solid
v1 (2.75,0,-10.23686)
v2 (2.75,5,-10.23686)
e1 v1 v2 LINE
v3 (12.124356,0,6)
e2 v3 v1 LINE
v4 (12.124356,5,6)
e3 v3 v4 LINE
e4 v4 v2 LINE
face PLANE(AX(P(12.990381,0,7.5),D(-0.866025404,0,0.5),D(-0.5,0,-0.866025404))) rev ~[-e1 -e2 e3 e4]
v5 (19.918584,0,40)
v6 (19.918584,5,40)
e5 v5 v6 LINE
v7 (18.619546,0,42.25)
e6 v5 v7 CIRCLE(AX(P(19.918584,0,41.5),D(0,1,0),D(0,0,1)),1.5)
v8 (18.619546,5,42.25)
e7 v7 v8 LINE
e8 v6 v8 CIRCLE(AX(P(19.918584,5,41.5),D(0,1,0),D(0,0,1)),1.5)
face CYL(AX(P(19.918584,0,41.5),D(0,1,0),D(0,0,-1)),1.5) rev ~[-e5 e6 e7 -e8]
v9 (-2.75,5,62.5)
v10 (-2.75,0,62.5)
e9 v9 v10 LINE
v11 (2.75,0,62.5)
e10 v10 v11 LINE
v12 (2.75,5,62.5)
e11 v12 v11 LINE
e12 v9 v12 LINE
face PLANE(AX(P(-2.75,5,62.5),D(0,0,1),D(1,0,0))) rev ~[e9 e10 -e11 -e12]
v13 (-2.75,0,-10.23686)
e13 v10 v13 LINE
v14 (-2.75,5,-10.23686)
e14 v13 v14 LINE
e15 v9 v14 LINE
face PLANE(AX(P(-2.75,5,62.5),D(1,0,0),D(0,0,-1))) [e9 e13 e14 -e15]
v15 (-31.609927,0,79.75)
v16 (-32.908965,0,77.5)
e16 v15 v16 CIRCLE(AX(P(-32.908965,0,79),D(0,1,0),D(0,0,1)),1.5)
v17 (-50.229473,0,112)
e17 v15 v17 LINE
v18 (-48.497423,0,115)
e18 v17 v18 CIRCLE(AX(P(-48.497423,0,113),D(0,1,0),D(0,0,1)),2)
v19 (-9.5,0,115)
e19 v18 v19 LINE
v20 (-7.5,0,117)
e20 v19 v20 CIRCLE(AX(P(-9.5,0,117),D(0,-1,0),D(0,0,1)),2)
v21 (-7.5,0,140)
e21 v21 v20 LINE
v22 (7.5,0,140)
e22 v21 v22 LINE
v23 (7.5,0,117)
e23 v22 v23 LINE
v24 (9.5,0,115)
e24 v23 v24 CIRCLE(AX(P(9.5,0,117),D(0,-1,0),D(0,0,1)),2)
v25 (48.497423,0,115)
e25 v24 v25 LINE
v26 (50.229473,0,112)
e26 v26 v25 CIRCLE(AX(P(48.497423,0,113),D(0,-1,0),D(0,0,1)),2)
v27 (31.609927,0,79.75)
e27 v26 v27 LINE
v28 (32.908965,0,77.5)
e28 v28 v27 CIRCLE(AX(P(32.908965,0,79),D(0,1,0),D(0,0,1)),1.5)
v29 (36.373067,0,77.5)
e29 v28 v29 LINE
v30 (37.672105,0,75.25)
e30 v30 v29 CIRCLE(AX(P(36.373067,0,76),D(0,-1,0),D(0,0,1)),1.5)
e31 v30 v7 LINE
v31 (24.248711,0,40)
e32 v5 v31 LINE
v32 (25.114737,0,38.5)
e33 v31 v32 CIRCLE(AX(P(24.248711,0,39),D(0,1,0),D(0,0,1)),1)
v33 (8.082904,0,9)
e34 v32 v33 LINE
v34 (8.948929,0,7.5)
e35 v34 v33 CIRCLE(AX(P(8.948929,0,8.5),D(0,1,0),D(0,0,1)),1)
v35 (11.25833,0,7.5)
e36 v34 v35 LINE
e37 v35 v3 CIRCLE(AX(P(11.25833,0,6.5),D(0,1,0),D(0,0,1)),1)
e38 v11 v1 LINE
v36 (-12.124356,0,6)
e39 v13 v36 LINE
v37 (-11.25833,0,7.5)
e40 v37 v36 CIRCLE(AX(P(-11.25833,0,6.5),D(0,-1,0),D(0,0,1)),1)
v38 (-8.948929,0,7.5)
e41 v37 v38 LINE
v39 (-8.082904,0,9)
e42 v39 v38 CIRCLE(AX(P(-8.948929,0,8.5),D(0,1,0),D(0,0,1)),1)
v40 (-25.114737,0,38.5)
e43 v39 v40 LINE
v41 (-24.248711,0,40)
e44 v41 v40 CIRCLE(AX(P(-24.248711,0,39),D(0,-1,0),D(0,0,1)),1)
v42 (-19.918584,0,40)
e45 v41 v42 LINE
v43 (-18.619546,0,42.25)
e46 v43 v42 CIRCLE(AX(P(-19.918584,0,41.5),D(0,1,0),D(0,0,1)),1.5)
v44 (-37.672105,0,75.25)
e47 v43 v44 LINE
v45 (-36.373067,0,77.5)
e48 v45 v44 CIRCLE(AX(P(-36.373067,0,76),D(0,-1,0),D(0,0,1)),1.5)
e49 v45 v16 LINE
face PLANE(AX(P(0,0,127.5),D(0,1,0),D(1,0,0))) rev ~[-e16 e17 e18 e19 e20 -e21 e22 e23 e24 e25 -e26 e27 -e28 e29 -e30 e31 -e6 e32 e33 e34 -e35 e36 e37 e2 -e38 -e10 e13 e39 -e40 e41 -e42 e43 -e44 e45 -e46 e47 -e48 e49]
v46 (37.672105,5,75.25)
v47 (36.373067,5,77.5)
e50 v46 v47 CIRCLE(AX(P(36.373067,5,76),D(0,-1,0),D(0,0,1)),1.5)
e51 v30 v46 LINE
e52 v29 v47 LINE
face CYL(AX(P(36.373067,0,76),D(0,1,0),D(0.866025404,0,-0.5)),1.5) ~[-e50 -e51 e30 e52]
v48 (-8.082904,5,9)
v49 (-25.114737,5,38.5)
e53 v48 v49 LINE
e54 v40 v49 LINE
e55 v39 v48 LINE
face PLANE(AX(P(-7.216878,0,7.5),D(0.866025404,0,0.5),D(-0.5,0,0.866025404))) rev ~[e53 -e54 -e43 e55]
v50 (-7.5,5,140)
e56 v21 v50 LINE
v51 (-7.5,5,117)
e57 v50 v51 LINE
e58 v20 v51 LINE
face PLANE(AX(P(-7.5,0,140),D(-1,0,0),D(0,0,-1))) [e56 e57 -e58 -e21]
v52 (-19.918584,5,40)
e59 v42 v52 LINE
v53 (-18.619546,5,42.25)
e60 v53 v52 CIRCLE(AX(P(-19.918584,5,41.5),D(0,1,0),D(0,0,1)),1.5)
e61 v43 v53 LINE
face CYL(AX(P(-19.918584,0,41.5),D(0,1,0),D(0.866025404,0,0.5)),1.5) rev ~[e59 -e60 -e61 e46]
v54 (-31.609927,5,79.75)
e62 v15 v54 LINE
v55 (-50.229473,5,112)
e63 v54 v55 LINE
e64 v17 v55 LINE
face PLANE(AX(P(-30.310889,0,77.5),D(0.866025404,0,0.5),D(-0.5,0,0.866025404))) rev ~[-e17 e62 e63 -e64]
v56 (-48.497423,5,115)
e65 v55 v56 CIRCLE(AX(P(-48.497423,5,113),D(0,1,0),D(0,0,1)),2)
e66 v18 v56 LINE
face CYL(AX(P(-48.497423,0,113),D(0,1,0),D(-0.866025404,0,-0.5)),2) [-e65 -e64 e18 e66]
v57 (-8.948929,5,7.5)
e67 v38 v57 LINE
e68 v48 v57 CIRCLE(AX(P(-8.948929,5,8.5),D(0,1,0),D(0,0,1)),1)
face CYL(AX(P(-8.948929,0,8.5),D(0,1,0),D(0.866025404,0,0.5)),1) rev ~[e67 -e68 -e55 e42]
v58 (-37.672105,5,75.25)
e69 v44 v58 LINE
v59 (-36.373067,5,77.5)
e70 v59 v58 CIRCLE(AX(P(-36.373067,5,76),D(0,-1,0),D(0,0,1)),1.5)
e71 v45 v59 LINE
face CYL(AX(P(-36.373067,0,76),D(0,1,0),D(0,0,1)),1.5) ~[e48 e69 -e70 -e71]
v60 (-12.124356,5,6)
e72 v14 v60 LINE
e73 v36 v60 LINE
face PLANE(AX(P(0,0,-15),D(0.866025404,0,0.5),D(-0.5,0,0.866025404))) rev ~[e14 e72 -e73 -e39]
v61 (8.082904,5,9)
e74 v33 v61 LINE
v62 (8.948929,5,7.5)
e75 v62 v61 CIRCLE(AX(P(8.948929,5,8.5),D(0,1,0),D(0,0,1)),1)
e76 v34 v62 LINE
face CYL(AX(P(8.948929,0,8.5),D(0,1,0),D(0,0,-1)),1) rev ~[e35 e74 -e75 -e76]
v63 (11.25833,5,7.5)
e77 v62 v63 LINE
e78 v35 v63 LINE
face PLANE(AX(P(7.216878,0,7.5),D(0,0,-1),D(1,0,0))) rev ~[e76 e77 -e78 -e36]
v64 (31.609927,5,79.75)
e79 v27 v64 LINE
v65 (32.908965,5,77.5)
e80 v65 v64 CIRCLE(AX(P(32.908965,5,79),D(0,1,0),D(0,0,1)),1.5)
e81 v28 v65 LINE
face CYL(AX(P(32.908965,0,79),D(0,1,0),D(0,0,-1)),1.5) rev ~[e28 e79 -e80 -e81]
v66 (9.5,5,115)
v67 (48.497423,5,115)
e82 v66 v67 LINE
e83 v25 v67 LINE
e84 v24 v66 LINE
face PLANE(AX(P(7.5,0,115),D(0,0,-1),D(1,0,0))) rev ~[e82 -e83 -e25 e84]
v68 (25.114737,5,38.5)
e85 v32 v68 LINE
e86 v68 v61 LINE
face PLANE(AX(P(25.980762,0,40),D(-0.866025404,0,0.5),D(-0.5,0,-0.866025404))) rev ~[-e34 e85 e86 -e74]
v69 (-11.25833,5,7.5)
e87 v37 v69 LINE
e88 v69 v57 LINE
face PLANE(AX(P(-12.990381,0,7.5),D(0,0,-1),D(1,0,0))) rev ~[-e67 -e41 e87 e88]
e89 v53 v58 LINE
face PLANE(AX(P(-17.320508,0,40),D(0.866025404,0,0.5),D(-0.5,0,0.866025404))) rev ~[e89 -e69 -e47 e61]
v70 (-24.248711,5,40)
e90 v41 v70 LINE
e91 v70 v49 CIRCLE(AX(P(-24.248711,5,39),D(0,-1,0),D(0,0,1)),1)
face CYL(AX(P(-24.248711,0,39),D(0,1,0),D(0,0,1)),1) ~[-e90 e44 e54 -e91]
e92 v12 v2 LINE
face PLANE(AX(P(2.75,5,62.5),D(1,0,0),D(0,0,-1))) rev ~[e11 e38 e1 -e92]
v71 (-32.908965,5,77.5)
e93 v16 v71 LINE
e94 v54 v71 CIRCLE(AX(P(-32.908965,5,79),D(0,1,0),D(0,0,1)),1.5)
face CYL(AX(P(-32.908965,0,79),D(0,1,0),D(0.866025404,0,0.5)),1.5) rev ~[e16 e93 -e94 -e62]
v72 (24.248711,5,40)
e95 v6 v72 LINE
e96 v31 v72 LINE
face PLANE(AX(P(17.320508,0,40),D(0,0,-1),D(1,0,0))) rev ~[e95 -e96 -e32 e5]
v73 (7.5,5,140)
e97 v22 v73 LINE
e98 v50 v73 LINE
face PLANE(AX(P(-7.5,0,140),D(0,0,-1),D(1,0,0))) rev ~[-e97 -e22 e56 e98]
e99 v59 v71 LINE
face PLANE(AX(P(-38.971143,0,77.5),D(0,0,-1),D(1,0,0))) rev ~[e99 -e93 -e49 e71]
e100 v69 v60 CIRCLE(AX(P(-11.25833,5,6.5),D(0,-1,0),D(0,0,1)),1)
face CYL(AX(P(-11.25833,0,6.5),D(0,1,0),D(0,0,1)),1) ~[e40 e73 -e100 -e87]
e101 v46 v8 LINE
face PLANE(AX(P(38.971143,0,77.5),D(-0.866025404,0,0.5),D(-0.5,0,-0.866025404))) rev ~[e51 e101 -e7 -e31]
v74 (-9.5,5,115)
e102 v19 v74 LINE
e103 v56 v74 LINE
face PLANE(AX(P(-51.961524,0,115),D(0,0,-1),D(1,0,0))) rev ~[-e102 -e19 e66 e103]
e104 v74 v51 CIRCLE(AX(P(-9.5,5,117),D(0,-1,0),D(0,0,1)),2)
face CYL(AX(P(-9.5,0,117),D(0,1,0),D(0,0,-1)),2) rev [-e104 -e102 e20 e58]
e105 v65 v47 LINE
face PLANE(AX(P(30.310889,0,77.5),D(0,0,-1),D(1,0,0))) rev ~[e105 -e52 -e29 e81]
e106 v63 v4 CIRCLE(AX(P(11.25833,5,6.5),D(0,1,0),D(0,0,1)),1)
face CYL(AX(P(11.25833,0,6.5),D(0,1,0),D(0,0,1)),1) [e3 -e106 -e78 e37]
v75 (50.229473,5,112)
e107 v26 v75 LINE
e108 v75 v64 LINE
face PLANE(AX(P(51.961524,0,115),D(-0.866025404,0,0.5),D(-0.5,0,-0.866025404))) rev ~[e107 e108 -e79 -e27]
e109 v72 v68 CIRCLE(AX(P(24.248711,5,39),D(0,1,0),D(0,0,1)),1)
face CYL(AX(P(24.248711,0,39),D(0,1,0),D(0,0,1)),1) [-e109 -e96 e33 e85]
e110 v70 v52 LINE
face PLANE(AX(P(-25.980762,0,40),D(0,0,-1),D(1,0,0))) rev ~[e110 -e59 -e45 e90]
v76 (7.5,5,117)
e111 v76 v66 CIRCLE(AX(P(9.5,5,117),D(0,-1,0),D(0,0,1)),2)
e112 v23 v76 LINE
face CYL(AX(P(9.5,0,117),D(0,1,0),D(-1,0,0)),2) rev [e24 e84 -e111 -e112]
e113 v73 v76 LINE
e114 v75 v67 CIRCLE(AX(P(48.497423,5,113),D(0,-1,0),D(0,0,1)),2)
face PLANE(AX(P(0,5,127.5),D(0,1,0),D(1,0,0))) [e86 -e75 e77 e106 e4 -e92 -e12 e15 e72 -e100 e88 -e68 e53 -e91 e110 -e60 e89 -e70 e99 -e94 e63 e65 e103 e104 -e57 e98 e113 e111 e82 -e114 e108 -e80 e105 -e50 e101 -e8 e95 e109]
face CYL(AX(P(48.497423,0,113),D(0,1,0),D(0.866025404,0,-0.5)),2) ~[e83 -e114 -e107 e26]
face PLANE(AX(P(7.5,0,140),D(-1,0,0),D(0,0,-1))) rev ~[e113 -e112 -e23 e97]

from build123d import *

# Parameters (mm, degrees)
ESBO_O1_W     = 15
ESBO_O1_H     = 25
RVORE_DEPTH   = 5
ESBO_O3_W     = 5.5
ESBO_O3_H     = 77.5
ENCAIXE_DEPTH = 5
FILETE1_R     = 1.5
FILETE2_R     = 1
FILETE3_R     = 1.5
FILETE4_R     = 1.5
FILETE5_R     = 2
FILETE6_R     = 1
FILETE7_R     = 1
FILETE8_R     = 2
FILETE9_R     = 1.5
FILETE10_R    = 1.5
FILETE11_R    = 1.5
FILETE12_R    = 1
FILETE13_R    = 1
FILETE14_R    = 1
FILETE15_R    = 2
FILETE16_R    = 2


with BuildPart() as part:
    # Esboço1 → rvore (new body)
    with BuildSketch(Plane(origin=(0, 0, 0), x_dir=(1, 0, 0), z_dir=(0, 1, 0))):
        with Locations((0, -127.5)):
            Rectangle(ESBO_O1_W, ESBO_O1_H)
        Polygon((-51.961524227, -115), (-7.5, -115), (7.5, -115), (51.961524227, -115), (30.310889132, -77.5), (-30.310889132, -77.5), align=None)
        Polygon((-8.660254038, -40), (-30.310889132, -77.5), (30.310889132, -77.5), (8.660254038, -40), align=None)
        Polygon((-17.320508076, -40), (-8.660254038, -40), (0, -25), (8.660254038, -40), (17.320508076, -40), (0, -10), align=None)
        Polygon((8.660254038, -40), (30.310889132, -77.5), (38.97114317, -77.5), (17.320508076, -40), align=None)
        Polygon((0, -25), (-8.660254038, -40), (8.660254038, -40), align=None)
        Polygon((-38.97114317, -77.5), (-30.310889132, -77.5), (-8.660254038, -40), (-17.320508076, -40), align=None)
        Polygon((-25.980762114, -40), (-17.320508076, -40), (0, -10), (17.320508076, -40), (25.980762114, -40), (7.216878365, -7.5), (-7.216878365, -7.5), align=None)
        Polygon((0, 5), (-7.216878365, -7.5), (7.216878365, -7.5), align=None)
        Polygon((-12.990381057, -7.5), (-7.216878365, -7.5), (0, 5), (7.216878365, -7.5), (12.990381057, -7.5), (0, 15), align=None)
    extrude(amount=RVORE_DEPTH)

    # Esboço3 → Encaixe (cut)
    with BuildSketch(Plane(origin=(0, 5, 0), x_dir=(1, 0, 0), z_dir=(0, 1, 0))):
        with Locations((0, -23.75)):
            Rectangle(ESBO_O3_W, ESBO_O3_H)
    extrude(amount=-ENCAIXE_DEPTH, mode=Mode.SUBTRACT)

    # Filete1
    filete1_edges = [part.edges().sort_by_distance(p)[0] for p in [
        (17.320508076, 2.5, 40),
    ]]
    fillet(filete1_edges, radius=FILETE1_R)

    # Filete2
    filete2_edges = [part.edges().sort_by_distance(p)[0] for p in [
        (25.980762114, 2.5, 40),
    ]]
    fillet(filete2_edges, radius=FILETE2_R)

    # Filete3
    filete3_edges = [part.edges().sort_by_distance(p)[0] for p in [
        (38.97114317, 2.5, 77.5),
    ]]
    fillet(filete3_edges, radius=FILETE3_R)

    # Filete4
    filete4_edges = [part.edges().sort_by_distance(p)[0] for p in [
        (30.310889132, 2.5, 77.5),
    ]]
    fillet(filete4_edges, radius=FILETE4_R)

    # Filete5
    filete5_edges = [part.edges().sort_by_distance(p)[0] for p in [
        (51.961524227, 2.5, 115),
    ]]
    fillet(filete5_edges, radius=FILETE5_R)

    # Filete6
    filete6_edges = [part.edges().sort_by_distance(p)[0] for p in [
        (12.990381057, 2.5, 7.5),
    ]]
    fillet(filete6_edges, radius=FILETE6_R)

    # Filete7
    filete7_edges = [part.edges().sort_by_distance(p)[0] for p in [
        (7.216878365, 2.5, 7.5),
    ]]
    fillet(filete7_edges, radius=FILETE7_R)

    # Filete8
    filete8_edges = [part.edges().sort_by_distance(p)[0] for p in [
        (-51.961524227, 2.5, 115),
    ]]
    fillet(filete8_edges, radius=FILETE8_R)

    # Filete9
    filete9_edges = [part.edges().sort_by_distance(p)[0] for p in [
        (-30.310889132, 2.5, 77.5),
    ]]
    fillet(filete9_edges, radius=FILETE9_R)

    # Filete10
    filete10_edges = [part.edges().sort_by_distance(p)[0] for p in [
        (-38.97114317, 2.5, 77.5),
    ]]
    fillet(filete10_edges, radius=FILETE10_R)

    # Filete11
    filete11_edges = [part.edges().sort_by_distance(p)[0] for p in [
        (-17.320508076, 2.5, 40),
    ]]
    fillet(filete11_edges, radius=FILETE11_R)

    # Filete12
    filete12_edges = [part.edges().sort_by_distance(p)[0] for p in [
        (-25.980762114, 2.5, 40),
    ]]
    fillet(filete12_edges, radius=FILETE12_R)

    # Filete13
    filete13_edges = [part.edges().sort_by_distance(p)[0] for p in [
        (-7.216878365, 2.5, 7.5),
    ]]
    fillet(filete13_edges, radius=FILETE13_R)

    # Filete14
    filete14_edges = [part.edges().sort_by_distance(p)[0] for p in [
        (-12.990381057, 2.5, 7.5),
    ]]
    fillet(filete14_edges, radius=FILETE14_R)

    # Filete15
    filete15_edges = [part.edges().sort_by_distance(p)[0] for p in [
        (-7.5, 2.5, 115),
    ]]
    fillet(filete15_edges, radius=FILETE15_R)

    # Filete16
    filete16_edges = [part.edges().sort_by_distance(p)[0] for p in [
        (7.5, 2.5, 115),
    ]]
    fillet(filete16_edges, radius=FILETE16_R)


solid = part.part
